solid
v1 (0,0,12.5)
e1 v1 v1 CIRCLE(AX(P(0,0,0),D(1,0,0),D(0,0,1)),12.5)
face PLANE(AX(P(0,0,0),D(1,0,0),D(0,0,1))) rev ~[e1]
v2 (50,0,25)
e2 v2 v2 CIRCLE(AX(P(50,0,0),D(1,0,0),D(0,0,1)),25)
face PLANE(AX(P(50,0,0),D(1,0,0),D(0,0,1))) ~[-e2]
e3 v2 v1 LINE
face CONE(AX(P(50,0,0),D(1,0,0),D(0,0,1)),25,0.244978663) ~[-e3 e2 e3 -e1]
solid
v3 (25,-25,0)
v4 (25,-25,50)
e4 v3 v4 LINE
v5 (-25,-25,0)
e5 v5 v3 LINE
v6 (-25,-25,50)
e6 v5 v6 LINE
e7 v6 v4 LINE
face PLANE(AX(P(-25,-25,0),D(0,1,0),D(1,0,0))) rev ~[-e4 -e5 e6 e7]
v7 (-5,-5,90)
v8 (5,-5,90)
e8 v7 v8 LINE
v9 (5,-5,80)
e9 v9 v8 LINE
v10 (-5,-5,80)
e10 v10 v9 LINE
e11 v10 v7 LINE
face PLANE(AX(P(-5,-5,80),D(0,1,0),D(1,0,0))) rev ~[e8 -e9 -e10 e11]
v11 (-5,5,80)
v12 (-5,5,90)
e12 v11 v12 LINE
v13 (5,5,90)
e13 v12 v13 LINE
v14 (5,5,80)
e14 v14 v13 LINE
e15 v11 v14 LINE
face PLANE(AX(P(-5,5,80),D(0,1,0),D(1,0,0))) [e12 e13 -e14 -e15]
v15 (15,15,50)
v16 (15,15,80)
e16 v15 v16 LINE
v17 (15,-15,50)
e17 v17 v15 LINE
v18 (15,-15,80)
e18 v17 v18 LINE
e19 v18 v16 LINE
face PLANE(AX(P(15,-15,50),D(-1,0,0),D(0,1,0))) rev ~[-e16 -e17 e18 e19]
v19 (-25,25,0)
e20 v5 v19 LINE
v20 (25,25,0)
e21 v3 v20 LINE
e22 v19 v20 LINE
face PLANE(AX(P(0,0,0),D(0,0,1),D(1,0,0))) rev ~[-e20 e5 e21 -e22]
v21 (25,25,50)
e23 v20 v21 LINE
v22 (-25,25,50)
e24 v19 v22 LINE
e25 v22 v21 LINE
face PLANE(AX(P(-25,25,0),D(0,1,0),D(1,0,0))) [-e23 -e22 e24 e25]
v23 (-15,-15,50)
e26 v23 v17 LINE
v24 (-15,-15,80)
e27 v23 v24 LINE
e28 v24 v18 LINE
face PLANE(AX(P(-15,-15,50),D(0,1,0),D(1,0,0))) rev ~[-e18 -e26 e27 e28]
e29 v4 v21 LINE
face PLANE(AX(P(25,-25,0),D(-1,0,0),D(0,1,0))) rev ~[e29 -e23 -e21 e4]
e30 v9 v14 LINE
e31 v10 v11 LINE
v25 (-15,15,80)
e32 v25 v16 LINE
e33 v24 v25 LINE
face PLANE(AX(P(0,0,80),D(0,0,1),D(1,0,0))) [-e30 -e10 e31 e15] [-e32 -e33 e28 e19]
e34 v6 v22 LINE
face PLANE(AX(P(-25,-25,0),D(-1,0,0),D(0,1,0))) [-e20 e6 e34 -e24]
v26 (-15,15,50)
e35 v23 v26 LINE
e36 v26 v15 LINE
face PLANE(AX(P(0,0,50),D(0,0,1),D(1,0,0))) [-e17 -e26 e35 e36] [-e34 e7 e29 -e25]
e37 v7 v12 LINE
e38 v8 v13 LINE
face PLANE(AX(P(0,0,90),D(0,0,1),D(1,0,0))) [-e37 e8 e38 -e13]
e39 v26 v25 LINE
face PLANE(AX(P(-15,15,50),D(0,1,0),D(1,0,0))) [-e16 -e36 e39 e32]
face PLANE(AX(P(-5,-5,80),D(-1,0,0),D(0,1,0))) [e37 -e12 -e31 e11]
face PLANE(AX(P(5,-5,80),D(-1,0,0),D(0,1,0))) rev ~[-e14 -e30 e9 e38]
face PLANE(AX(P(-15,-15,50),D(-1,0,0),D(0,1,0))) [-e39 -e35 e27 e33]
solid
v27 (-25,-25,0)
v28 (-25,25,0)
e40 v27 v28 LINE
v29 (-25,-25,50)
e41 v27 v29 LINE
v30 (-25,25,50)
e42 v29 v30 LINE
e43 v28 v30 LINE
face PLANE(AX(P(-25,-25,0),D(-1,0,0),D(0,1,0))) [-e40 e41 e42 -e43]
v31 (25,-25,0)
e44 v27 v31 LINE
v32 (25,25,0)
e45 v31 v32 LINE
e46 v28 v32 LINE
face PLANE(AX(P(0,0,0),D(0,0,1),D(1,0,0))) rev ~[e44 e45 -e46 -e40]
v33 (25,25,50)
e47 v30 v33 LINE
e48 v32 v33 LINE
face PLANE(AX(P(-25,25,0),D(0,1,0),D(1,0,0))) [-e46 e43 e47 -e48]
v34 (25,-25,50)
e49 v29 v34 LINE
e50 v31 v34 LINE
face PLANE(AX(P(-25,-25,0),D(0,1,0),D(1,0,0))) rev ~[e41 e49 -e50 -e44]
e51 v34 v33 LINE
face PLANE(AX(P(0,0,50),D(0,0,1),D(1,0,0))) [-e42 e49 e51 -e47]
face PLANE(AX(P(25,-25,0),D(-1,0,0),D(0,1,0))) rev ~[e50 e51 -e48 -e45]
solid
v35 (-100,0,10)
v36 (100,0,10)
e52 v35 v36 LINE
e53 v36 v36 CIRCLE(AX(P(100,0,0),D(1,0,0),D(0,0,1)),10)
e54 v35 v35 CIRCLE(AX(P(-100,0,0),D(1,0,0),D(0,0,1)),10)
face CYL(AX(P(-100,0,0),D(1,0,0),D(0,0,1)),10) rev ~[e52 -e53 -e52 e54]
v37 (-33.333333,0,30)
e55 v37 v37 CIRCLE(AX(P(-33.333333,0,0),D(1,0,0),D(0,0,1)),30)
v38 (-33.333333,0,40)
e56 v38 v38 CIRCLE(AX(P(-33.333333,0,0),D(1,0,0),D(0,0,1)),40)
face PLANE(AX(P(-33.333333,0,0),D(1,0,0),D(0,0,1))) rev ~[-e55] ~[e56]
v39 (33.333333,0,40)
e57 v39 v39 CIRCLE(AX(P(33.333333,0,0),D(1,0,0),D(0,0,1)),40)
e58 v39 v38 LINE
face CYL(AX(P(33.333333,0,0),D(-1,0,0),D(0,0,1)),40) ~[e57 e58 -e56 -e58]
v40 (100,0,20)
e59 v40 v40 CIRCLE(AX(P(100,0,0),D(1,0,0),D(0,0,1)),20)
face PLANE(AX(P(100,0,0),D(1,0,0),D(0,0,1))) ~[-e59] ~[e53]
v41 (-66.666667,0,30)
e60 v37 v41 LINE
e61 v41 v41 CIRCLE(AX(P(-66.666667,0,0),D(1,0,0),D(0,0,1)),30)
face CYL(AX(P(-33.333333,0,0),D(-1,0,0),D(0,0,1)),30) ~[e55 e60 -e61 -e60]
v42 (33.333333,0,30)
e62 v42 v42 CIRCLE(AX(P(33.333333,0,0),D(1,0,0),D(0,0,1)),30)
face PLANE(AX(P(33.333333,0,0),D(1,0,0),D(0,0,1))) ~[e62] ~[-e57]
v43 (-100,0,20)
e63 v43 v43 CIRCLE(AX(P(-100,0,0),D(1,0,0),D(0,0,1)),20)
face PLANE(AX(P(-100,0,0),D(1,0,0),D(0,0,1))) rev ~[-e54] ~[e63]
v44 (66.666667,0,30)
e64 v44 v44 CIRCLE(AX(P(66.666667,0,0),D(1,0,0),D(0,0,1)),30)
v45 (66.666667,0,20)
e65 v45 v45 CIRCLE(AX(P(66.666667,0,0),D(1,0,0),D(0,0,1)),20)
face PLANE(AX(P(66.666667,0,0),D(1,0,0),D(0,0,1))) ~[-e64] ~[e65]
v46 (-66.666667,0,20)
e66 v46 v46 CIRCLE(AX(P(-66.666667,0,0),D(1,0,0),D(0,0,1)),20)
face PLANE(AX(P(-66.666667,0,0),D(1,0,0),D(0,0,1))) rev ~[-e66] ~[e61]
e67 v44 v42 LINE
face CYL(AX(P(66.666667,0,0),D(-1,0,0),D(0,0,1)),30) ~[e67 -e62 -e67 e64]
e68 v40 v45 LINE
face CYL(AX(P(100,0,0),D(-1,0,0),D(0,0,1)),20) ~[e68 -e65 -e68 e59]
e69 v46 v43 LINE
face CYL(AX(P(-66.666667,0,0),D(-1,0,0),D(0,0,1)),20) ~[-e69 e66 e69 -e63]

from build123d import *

# Parameters (mm, degrees)
F0_W     = 50
F0_H     = 50
F1_DEPTH = 50
F2_W     = 50
F2_H     = 50
F3_DEPTH = 50
F4_W     = 30
F4_H     = 30
F5_DEPTH = 30
F6_W     = 10
F6_H     = 10
F7_DEPTH = 10


with BuildPart() as f1:
    # F0 (on Top) → F1 (new body)
    with BuildSketch(Plane.XY):
        Rectangle(F0_W, F0_H)
    extrude(amount=F1_DEPTH)


with BuildPart() as f3:
    # F2 (on Top) → F3 (new body)
    with BuildSketch(Plane.XY):
        Rectangle(F2_W, F2_H)
    extrude(amount=F3_DEPTH)

    # F4 (on face) → F5 (join)
    with BuildSketch(Plane.XY.offset(50)):
        Rectangle(F4_W, F4_H)
    extrude(amount=F5_DEPTH)

    # F6 (on face) → F7 (join)
    with BuildSketch(Plane.XY.offset(80)):
        Rectangle(F6_W, F6_H)
    extrude(amount=F7_DEPTH)


with BuildPart() as f9:
    # F8 (on Front) → F9 (revolve)
    with BuildSketch(Plane.XZ):
        Polygon((0, 12.5), (0, 0), (50, 0), (50, 25), align=None)
    revolve(axis=Axis((24.2145564407, 0, 0), (1, 0, 0)))


with BuildPart() as f11:
    # F10 (on Front) → F11 (revolve)
    with BuildSketch(Plane.XZ):
        Polygon((-100, 20), (-100, 10), (0, 10), (100, 10), (100, 20), (66.6666666667, 20), (66.6666666667, 30), (33.3333333333, 30), (33.3333333333, 40), (0, 40), (-33.3333333333, 40), (-33.3333333333, 30), (-66.6666666667, 30), (-66.6666666667, 20), align=None)
    revolve(axis=Axis((0.9744563218, 0, 0), (1, 0, 0)))


solid = Compound([f1.part, f3.part, f9.part, f11.part])
